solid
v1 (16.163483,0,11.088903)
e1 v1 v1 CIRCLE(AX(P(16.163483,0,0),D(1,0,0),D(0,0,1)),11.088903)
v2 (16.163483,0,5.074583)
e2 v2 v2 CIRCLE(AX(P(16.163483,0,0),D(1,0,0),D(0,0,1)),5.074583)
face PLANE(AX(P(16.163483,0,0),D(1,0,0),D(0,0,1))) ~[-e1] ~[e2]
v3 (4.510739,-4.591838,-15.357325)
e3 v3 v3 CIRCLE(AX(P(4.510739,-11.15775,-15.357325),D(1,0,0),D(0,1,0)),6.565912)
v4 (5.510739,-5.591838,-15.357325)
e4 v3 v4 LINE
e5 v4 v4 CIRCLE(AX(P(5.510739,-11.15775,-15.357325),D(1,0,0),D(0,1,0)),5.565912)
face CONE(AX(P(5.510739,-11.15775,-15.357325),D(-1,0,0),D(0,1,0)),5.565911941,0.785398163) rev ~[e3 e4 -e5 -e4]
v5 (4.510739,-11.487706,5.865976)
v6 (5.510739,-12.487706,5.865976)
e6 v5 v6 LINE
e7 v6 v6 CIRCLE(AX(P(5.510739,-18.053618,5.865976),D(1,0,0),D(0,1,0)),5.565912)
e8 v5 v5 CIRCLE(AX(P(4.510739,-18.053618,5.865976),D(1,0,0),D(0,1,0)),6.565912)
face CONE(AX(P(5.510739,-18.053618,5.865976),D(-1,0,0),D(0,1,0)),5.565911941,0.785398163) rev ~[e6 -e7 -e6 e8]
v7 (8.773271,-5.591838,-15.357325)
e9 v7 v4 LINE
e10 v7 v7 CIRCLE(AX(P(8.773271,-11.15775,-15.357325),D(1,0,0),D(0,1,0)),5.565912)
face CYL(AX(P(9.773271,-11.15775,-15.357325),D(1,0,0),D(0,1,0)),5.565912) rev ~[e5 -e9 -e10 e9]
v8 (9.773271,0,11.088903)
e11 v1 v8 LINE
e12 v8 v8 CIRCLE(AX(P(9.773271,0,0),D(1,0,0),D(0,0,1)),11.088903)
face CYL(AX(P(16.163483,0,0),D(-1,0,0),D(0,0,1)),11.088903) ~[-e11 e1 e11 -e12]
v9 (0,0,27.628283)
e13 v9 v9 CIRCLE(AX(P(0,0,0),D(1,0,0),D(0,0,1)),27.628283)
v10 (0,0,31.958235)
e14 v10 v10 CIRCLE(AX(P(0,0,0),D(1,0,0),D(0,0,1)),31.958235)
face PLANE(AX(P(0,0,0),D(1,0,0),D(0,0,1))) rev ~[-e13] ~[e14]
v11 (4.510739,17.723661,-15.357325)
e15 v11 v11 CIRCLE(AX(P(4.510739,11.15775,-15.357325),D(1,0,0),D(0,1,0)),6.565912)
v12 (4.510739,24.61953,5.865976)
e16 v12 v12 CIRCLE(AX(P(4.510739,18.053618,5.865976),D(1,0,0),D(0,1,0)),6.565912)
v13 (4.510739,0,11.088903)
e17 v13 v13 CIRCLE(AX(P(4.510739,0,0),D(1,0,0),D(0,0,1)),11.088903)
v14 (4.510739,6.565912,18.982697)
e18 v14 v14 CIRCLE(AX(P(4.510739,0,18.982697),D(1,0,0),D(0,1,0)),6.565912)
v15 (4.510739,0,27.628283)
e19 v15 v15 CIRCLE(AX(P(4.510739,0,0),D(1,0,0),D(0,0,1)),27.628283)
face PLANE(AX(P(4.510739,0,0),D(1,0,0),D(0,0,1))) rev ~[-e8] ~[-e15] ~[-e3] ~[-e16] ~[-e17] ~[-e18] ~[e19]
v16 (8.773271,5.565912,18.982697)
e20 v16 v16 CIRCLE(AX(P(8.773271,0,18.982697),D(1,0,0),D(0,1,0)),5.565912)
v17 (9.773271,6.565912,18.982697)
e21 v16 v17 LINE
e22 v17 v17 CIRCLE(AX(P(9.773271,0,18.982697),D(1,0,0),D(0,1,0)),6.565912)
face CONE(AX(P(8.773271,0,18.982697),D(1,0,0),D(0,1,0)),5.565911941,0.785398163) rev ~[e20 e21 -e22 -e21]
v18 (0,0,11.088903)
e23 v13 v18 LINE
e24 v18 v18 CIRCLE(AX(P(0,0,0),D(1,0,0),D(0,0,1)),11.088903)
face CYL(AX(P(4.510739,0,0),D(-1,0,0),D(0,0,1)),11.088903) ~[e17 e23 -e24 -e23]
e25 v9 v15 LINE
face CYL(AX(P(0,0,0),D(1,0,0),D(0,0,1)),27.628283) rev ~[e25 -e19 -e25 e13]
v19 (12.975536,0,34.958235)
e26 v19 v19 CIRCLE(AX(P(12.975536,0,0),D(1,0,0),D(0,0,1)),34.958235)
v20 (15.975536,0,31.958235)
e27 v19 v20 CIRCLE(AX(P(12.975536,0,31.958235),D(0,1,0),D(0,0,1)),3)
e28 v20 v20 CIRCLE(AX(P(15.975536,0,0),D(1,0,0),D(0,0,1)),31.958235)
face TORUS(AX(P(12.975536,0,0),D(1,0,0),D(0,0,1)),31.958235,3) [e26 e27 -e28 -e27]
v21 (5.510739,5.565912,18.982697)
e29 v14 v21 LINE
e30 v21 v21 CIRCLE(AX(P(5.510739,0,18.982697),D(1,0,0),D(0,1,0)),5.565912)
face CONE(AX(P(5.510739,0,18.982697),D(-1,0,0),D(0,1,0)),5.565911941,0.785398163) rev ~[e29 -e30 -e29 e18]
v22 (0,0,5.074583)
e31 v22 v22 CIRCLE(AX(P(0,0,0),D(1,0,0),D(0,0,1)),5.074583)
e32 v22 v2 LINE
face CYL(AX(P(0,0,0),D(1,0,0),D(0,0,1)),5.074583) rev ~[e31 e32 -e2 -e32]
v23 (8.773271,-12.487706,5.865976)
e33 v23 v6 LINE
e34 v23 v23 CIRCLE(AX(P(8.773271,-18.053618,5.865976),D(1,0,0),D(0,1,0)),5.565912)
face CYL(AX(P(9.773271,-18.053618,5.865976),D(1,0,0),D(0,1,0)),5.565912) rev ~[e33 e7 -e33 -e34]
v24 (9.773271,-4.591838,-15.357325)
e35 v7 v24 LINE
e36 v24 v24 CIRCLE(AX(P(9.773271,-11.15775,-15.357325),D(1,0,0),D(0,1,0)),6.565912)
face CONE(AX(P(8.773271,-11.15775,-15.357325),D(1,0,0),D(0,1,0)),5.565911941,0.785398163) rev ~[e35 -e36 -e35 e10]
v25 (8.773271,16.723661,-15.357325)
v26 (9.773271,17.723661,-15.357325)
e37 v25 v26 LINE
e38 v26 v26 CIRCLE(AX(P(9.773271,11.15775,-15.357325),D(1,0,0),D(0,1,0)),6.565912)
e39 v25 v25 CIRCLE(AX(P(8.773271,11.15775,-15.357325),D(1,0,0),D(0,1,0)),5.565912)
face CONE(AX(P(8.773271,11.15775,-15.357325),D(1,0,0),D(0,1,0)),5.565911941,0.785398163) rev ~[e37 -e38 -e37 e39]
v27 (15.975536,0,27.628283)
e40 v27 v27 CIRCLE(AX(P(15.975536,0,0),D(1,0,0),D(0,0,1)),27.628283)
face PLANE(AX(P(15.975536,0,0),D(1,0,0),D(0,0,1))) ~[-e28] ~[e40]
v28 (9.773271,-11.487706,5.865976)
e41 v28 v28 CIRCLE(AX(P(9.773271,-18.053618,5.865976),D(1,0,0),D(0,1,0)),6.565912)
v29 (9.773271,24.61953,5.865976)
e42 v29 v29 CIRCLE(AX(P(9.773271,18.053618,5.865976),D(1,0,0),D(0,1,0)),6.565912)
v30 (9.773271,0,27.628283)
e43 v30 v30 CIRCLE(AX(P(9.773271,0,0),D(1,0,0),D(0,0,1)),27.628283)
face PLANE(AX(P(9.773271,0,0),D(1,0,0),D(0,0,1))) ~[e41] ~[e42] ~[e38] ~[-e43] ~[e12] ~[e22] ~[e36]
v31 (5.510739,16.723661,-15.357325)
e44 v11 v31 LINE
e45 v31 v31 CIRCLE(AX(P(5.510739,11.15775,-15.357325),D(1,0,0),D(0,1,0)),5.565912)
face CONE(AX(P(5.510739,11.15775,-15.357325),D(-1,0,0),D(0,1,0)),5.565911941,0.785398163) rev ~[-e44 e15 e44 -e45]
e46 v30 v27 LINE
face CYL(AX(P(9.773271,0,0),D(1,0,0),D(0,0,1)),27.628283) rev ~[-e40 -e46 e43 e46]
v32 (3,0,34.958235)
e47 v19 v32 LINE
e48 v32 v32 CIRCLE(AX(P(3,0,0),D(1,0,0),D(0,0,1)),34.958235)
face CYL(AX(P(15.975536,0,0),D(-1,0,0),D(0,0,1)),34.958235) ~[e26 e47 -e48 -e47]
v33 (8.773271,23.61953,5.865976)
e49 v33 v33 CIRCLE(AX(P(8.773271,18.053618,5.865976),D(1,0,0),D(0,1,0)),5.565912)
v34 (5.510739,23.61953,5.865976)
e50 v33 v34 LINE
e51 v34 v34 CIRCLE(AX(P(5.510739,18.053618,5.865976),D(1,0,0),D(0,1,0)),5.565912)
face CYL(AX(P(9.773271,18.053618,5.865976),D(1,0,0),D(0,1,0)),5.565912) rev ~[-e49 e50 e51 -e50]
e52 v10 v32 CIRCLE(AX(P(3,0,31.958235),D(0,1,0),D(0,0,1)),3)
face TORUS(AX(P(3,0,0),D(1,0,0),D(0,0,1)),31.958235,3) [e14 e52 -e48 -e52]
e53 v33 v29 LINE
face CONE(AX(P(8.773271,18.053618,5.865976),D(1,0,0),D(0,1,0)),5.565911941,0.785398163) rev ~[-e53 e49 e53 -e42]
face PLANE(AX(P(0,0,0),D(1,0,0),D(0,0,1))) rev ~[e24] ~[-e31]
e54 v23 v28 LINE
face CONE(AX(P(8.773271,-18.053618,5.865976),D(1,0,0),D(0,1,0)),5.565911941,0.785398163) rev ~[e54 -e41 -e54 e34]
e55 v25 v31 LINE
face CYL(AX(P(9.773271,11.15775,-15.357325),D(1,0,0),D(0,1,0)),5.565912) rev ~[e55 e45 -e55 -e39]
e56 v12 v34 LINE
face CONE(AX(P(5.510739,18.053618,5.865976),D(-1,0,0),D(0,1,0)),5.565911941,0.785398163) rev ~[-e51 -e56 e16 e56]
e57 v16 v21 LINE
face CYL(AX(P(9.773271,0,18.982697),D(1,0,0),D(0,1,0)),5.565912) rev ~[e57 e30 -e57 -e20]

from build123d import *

# Parameters (mm, degrees)
F2_R     = 5.5659119411
F3_DEPTH = 25
F4_R     = 3
F5_SIZE  = 1


with BuildPart() as f1:
    # F0 (on Front) → F1 (revolve)
    with BuildSketch(Plane.XZ):
        Polygon((0, 11.0889025964), (0, 5.0745825283), (16.1634832621, 5.0745825283), (16.1634832621, 11.0889025964), (9.7732706927, 11.0889025964), (9.7732706927, 27.6282825507), (15.9755358472, 27.6282825507), (15.9755358472, 34.9582345225), (0, 34.9582345225), (0, 27.6282825507), (4.5107388869, 27.6282825507), (4.5107388869, 11.0889025964), align=None)
    revolve(axis=Axis((18.8887231052, 0, 0), (1, 0, 0)))

    # F2 (on face) → F3 (cut)
    with BuildSketch(Plane.YZ.offset(9.7732706927)):
        with Locations((0, 18.9826972783)):
            Circle(F2_R)
        with Locations((18.0536179433, 5.8659760581)):
            Circle(F2_R)
        with Locations((11.1577495089, -15.3573246972)):
            Circle(F2_R)
        with Locations((-18.0536179433, 5.8659760581)):
            Circle(F2_R)
        with Locations((-11.1577495089, -15.3573246972)):
            Circle(F2_R)
    extrude(amount=-F3_DEPTH, mode=Mode.SUBTRACT)

    # F4
    f4_edges = [f1.edges().sort_by_distance(p)[0] for p in [
        (15.975536, 0, -34.958235),
        (0, 0, -34.958235),
    ]]
    fillet(f4_edges, radius=F4_R)

    # F5
    f5_edges = [f1.edges().sort_by_distance(p)[0] for p in [
        (9.773271, 12.487706, 5.865976),
        (9.773271, -5.565912, 18.982697),
        (7.142005, 5.565912, 18.982697),
        (4.510739, -5.565912, 18.982697),
        (9.773271, -23.61953, 5.865976),
        (7.142005, -12.487706, 5.865976),
        (4.510739, -23.61953, 5.865976),
        (9.773271, -16.723661, -15.357325),
        (7.142005, -5.591838, -15.357325),
        (4.510739, -16.723661, -15.357325),
        (9.773271, 5.591838, -15.357325),
        (7.142005, 16.723661, -15.357325),
        (4.510739, 5.591838, -15.357325),
        (7.142005, 23.61953, 5.865976),
        (4.510739, 12.487706, 5.865976),
    ]]
    chamfer(f5_edges, length=F5_SIZE)


solid = f1.part
